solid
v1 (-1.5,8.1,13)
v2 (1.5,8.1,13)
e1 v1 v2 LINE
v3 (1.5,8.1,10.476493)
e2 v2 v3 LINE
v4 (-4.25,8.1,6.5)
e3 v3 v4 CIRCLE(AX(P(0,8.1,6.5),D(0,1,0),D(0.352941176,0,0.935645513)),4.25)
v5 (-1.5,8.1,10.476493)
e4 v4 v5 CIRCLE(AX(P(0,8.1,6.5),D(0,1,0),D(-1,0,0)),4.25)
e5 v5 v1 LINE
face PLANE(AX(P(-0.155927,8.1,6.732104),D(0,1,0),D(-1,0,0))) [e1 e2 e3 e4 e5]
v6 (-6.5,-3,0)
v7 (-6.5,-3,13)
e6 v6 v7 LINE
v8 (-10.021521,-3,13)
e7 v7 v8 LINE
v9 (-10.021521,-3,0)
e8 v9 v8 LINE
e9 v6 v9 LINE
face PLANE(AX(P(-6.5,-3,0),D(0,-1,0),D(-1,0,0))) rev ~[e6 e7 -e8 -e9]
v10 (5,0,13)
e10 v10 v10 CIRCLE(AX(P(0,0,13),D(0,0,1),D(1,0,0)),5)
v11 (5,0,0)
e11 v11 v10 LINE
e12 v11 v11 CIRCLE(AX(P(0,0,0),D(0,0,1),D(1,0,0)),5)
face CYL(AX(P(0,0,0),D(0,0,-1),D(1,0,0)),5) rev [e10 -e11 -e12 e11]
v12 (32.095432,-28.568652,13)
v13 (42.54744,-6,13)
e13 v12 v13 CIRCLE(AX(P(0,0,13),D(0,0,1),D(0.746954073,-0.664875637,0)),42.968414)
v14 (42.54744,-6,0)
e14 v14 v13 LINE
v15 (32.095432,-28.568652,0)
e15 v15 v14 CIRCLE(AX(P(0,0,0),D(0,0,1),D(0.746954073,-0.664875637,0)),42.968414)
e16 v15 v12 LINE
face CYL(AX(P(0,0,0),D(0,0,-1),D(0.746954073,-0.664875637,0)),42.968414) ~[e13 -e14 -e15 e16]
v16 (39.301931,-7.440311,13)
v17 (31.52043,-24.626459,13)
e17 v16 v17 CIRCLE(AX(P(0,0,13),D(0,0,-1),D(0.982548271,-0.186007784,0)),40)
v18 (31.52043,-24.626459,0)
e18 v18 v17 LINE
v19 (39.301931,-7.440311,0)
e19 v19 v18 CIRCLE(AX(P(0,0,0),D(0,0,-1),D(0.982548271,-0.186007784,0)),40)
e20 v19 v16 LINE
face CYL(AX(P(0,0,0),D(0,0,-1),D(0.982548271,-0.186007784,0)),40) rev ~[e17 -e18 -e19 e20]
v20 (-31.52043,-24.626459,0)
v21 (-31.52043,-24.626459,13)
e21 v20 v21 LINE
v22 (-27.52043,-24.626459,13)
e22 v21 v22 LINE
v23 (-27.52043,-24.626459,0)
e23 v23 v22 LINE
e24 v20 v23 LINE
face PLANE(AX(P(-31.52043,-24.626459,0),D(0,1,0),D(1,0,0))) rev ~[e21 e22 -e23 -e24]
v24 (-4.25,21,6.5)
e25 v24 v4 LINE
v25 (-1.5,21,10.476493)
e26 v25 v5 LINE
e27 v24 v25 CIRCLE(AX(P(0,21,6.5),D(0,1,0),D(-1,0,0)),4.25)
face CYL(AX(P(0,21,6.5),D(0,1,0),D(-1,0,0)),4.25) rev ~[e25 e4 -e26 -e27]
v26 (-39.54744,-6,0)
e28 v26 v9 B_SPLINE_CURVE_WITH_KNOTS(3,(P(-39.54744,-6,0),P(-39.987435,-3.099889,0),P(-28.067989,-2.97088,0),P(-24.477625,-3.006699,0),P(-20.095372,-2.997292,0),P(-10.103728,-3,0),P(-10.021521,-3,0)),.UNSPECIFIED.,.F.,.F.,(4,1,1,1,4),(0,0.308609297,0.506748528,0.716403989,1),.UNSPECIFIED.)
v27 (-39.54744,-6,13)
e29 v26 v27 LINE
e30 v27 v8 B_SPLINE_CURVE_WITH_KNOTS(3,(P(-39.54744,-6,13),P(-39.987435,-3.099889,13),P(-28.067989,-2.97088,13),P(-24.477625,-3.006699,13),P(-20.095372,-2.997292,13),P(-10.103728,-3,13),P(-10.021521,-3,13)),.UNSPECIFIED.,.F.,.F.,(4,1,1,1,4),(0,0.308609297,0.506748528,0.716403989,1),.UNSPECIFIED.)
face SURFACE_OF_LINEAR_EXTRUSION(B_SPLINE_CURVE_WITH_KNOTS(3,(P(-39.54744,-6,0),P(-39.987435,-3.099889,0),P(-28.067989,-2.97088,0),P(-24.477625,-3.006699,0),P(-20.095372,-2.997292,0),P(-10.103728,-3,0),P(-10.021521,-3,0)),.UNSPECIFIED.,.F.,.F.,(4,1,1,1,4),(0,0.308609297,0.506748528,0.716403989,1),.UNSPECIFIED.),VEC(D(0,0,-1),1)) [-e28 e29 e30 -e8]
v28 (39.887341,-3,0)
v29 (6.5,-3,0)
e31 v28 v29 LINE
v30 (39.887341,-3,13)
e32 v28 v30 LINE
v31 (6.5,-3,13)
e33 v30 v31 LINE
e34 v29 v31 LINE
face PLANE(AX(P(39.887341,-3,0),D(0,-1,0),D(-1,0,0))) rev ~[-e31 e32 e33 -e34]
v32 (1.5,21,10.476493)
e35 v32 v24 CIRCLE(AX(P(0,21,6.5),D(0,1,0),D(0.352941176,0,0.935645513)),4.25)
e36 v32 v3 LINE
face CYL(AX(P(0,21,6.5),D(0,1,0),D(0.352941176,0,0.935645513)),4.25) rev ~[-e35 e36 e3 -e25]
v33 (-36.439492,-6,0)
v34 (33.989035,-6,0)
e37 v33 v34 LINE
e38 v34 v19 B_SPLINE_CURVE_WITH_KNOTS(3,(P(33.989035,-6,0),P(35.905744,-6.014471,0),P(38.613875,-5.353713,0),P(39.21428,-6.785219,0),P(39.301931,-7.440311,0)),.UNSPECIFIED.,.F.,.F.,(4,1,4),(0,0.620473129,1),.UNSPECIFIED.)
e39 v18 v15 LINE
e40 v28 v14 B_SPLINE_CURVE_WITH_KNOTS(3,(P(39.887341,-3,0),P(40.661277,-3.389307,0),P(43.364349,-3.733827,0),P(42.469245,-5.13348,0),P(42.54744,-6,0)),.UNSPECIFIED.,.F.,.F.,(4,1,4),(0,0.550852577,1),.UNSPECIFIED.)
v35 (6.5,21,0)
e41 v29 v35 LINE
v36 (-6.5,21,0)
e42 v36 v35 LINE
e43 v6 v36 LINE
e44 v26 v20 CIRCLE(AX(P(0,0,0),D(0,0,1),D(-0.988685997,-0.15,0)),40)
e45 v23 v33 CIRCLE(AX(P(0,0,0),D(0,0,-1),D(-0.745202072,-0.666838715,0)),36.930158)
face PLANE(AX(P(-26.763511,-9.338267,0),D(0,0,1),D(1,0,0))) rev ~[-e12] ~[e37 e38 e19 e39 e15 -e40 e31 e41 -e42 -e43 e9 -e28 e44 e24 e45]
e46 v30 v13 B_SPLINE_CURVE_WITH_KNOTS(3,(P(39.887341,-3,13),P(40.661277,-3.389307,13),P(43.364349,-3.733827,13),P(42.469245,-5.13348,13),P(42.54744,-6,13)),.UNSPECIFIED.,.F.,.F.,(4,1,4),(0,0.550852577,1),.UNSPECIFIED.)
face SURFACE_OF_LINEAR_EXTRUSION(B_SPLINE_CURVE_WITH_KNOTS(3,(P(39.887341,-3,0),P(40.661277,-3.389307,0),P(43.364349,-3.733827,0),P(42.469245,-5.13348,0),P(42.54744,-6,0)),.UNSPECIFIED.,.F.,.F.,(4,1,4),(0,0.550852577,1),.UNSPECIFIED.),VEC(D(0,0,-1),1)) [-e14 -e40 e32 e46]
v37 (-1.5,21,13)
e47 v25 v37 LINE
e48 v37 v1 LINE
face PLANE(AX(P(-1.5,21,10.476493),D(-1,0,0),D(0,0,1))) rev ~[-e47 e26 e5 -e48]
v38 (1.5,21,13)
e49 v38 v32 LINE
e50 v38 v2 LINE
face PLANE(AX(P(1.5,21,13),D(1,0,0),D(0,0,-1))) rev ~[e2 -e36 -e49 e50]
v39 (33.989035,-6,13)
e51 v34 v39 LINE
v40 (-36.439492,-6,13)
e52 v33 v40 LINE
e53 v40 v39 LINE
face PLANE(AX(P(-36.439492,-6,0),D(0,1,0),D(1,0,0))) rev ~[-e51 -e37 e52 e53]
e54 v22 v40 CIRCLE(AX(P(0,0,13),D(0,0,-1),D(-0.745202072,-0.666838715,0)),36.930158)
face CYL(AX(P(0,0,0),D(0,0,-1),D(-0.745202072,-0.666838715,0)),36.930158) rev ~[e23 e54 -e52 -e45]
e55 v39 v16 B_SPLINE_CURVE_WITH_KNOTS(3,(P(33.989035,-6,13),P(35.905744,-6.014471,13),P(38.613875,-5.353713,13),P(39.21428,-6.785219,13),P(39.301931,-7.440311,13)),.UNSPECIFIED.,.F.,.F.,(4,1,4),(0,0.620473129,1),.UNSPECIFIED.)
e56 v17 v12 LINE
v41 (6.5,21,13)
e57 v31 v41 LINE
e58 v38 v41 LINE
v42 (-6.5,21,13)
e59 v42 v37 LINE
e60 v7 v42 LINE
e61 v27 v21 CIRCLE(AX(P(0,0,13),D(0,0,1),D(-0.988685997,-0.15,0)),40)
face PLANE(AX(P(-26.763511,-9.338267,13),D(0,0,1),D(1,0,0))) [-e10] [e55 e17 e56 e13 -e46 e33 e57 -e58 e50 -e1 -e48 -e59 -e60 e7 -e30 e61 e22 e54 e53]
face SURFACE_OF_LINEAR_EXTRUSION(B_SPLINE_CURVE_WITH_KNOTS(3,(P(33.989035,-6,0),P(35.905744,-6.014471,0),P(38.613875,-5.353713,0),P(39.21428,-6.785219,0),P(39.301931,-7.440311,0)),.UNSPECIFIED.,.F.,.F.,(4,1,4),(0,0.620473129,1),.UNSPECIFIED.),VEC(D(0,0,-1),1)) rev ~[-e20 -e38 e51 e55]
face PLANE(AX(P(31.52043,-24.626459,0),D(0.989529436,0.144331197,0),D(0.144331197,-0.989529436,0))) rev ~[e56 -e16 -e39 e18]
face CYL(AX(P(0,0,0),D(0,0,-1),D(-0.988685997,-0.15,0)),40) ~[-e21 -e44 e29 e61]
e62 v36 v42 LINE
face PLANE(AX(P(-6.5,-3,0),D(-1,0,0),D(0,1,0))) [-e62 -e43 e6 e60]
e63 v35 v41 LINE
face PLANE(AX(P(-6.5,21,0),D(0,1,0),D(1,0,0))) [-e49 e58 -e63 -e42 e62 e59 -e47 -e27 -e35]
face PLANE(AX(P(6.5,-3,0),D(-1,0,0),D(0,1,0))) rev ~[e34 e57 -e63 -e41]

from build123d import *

# Parameters (mm, degrees)
F0_W     = 13
F0_H     = 24
F2_DEPTH = 13
F1_R     = 5
F3_DEPTH = 13
F5_DEPTH = 12.9


with BuildPart() as f2:
    # F0 (on Top) → F2 (new body)
    with BuildSketch(Plane.XY):
        with BuildLine():
            Line((-6.5, -3), (-7.526748348, -3))
            Line((-7.526748348, -3), (-10.0215210102, -3))
            add(Edge.make_bspline(
                [(-39.5474398666, -6), (-39.987434644, -3.0998888332), (-28.0679892003, -2.9708801078), (-24.4776253005, -3.0066990198), (-20.0953720274, -2.997292433), (-10.1037282836, -3), (-10.0215210102, -3)],
                knots=[0, 0, 0, 0, 0.3086092965, 0.5067485278, 0.7164039889, 1, 1, 1, 1], degree=3))
            ThreePointArc((-39.5474398666, -6), (-36.7341364511, -15.8304522737), (-31.5204301443, -24.626459013))
            Line((-31.5204301443, -24.626459013), (-27.5204301443, -24.626459013))
            ThreePointArc((-27.5204301443, -24.626459013), (-33.3084695829, -15.9493702976), (-36.4394917479, -6))
            Line((-36.4394917479, -6), (-6.5, -6))
            Line((-6.5, -6), (-6.5, -3))
        make_face()
        with Locations((0, 9)):
            Rectangle(F0_W, F0_H)
        with BuildLine():
            Line((39.8873413504, -3), (7, -3))
            Line((7, -3), (7, -6))
            Line((7, -6), (33.9890345931, -6))
            add(Edge.make_bspline(
                [(33.9890345931, -6), (35.9057441659, -6.0144707178), (38.6138753682, -5.3537128715), (39.2142802148, -6.7852190746), (39.3019308294, -7.4403113564)],
                knots=[0, 0, 0, 0, 0.6204731295, 1, 1, 1, 1], degree=3))
            ThreePointArc((39.3019308294, -7.4403113564), (36.4388888592, -16.4987083952), (31.5204301443, -24.626459013))
            Line((31.5204301443, -24.626459013), (32.0954321629, -28.5686519366))
            ThreePointArc((32.0954321629, -28.5686519366), (38.990070515, -18.057104985), (42.5474398666, -6))
            add(Edge.make_bspline(
                [(39.8873413504, -3), (40.6612767941, -3.3893066613), (43.3643490326, -3.7338272559), (42.4692446307, -5.1334802328), (42.5474398666, -6)],
                knots=[0, 0, 0, 0, 0.5508525768, 1, 1, 1, 1], degree=3))
        make_face()
        Polygon((6.5, -3), (-6.5, -3), (-6.5, -6), (7, -6), (7, -3), align=None)
    extrude(amount=F2_DEPTH)

    # F1 (on Top) → F3 (cut, through all)
    with BuildSketch(Plane.XY):
        Circle(F1_R)
    extrude(amount=F3_DEPTH, mode=Mode.SUBTRACT)

    # F4 (on face) → F5 (cut)
    with BuildSketch(Plane(origin=(0, 21, 0), x_dir=(-1, 0, 0), z_dir=(0, 1, 0))):
        with BuildLine():
            ThreePointArc((-1.5, 10.4764934301), (-2.4173849507, 3.0044671365), (4.25, 6.5))
            ThreePointArc((4.25, 6.5), (3.4955328635, 8.9173849507), (1.5, 10.4764934301))
            ThreePointArc((1.5, 10.4764934301), (0, 10.75), (-1.5, 10.4764934301))
        make_face()
        with BuildLine():
            ThreePointArc((-1.5, 10.4764934301), (0, 10.75), (1.5, 10.4764934301))
            Line((1.5, 10.4764934301), (1.5, 13))
            Line((1.5, 13), (-1.5, 13))
            Line((-1.5, 13), (-1.5, 10.4764934301))
        make_face()
    extrude(amount=-F5_DEPTH, mode=Mode.SUBTRACT)


solid = f2.part
